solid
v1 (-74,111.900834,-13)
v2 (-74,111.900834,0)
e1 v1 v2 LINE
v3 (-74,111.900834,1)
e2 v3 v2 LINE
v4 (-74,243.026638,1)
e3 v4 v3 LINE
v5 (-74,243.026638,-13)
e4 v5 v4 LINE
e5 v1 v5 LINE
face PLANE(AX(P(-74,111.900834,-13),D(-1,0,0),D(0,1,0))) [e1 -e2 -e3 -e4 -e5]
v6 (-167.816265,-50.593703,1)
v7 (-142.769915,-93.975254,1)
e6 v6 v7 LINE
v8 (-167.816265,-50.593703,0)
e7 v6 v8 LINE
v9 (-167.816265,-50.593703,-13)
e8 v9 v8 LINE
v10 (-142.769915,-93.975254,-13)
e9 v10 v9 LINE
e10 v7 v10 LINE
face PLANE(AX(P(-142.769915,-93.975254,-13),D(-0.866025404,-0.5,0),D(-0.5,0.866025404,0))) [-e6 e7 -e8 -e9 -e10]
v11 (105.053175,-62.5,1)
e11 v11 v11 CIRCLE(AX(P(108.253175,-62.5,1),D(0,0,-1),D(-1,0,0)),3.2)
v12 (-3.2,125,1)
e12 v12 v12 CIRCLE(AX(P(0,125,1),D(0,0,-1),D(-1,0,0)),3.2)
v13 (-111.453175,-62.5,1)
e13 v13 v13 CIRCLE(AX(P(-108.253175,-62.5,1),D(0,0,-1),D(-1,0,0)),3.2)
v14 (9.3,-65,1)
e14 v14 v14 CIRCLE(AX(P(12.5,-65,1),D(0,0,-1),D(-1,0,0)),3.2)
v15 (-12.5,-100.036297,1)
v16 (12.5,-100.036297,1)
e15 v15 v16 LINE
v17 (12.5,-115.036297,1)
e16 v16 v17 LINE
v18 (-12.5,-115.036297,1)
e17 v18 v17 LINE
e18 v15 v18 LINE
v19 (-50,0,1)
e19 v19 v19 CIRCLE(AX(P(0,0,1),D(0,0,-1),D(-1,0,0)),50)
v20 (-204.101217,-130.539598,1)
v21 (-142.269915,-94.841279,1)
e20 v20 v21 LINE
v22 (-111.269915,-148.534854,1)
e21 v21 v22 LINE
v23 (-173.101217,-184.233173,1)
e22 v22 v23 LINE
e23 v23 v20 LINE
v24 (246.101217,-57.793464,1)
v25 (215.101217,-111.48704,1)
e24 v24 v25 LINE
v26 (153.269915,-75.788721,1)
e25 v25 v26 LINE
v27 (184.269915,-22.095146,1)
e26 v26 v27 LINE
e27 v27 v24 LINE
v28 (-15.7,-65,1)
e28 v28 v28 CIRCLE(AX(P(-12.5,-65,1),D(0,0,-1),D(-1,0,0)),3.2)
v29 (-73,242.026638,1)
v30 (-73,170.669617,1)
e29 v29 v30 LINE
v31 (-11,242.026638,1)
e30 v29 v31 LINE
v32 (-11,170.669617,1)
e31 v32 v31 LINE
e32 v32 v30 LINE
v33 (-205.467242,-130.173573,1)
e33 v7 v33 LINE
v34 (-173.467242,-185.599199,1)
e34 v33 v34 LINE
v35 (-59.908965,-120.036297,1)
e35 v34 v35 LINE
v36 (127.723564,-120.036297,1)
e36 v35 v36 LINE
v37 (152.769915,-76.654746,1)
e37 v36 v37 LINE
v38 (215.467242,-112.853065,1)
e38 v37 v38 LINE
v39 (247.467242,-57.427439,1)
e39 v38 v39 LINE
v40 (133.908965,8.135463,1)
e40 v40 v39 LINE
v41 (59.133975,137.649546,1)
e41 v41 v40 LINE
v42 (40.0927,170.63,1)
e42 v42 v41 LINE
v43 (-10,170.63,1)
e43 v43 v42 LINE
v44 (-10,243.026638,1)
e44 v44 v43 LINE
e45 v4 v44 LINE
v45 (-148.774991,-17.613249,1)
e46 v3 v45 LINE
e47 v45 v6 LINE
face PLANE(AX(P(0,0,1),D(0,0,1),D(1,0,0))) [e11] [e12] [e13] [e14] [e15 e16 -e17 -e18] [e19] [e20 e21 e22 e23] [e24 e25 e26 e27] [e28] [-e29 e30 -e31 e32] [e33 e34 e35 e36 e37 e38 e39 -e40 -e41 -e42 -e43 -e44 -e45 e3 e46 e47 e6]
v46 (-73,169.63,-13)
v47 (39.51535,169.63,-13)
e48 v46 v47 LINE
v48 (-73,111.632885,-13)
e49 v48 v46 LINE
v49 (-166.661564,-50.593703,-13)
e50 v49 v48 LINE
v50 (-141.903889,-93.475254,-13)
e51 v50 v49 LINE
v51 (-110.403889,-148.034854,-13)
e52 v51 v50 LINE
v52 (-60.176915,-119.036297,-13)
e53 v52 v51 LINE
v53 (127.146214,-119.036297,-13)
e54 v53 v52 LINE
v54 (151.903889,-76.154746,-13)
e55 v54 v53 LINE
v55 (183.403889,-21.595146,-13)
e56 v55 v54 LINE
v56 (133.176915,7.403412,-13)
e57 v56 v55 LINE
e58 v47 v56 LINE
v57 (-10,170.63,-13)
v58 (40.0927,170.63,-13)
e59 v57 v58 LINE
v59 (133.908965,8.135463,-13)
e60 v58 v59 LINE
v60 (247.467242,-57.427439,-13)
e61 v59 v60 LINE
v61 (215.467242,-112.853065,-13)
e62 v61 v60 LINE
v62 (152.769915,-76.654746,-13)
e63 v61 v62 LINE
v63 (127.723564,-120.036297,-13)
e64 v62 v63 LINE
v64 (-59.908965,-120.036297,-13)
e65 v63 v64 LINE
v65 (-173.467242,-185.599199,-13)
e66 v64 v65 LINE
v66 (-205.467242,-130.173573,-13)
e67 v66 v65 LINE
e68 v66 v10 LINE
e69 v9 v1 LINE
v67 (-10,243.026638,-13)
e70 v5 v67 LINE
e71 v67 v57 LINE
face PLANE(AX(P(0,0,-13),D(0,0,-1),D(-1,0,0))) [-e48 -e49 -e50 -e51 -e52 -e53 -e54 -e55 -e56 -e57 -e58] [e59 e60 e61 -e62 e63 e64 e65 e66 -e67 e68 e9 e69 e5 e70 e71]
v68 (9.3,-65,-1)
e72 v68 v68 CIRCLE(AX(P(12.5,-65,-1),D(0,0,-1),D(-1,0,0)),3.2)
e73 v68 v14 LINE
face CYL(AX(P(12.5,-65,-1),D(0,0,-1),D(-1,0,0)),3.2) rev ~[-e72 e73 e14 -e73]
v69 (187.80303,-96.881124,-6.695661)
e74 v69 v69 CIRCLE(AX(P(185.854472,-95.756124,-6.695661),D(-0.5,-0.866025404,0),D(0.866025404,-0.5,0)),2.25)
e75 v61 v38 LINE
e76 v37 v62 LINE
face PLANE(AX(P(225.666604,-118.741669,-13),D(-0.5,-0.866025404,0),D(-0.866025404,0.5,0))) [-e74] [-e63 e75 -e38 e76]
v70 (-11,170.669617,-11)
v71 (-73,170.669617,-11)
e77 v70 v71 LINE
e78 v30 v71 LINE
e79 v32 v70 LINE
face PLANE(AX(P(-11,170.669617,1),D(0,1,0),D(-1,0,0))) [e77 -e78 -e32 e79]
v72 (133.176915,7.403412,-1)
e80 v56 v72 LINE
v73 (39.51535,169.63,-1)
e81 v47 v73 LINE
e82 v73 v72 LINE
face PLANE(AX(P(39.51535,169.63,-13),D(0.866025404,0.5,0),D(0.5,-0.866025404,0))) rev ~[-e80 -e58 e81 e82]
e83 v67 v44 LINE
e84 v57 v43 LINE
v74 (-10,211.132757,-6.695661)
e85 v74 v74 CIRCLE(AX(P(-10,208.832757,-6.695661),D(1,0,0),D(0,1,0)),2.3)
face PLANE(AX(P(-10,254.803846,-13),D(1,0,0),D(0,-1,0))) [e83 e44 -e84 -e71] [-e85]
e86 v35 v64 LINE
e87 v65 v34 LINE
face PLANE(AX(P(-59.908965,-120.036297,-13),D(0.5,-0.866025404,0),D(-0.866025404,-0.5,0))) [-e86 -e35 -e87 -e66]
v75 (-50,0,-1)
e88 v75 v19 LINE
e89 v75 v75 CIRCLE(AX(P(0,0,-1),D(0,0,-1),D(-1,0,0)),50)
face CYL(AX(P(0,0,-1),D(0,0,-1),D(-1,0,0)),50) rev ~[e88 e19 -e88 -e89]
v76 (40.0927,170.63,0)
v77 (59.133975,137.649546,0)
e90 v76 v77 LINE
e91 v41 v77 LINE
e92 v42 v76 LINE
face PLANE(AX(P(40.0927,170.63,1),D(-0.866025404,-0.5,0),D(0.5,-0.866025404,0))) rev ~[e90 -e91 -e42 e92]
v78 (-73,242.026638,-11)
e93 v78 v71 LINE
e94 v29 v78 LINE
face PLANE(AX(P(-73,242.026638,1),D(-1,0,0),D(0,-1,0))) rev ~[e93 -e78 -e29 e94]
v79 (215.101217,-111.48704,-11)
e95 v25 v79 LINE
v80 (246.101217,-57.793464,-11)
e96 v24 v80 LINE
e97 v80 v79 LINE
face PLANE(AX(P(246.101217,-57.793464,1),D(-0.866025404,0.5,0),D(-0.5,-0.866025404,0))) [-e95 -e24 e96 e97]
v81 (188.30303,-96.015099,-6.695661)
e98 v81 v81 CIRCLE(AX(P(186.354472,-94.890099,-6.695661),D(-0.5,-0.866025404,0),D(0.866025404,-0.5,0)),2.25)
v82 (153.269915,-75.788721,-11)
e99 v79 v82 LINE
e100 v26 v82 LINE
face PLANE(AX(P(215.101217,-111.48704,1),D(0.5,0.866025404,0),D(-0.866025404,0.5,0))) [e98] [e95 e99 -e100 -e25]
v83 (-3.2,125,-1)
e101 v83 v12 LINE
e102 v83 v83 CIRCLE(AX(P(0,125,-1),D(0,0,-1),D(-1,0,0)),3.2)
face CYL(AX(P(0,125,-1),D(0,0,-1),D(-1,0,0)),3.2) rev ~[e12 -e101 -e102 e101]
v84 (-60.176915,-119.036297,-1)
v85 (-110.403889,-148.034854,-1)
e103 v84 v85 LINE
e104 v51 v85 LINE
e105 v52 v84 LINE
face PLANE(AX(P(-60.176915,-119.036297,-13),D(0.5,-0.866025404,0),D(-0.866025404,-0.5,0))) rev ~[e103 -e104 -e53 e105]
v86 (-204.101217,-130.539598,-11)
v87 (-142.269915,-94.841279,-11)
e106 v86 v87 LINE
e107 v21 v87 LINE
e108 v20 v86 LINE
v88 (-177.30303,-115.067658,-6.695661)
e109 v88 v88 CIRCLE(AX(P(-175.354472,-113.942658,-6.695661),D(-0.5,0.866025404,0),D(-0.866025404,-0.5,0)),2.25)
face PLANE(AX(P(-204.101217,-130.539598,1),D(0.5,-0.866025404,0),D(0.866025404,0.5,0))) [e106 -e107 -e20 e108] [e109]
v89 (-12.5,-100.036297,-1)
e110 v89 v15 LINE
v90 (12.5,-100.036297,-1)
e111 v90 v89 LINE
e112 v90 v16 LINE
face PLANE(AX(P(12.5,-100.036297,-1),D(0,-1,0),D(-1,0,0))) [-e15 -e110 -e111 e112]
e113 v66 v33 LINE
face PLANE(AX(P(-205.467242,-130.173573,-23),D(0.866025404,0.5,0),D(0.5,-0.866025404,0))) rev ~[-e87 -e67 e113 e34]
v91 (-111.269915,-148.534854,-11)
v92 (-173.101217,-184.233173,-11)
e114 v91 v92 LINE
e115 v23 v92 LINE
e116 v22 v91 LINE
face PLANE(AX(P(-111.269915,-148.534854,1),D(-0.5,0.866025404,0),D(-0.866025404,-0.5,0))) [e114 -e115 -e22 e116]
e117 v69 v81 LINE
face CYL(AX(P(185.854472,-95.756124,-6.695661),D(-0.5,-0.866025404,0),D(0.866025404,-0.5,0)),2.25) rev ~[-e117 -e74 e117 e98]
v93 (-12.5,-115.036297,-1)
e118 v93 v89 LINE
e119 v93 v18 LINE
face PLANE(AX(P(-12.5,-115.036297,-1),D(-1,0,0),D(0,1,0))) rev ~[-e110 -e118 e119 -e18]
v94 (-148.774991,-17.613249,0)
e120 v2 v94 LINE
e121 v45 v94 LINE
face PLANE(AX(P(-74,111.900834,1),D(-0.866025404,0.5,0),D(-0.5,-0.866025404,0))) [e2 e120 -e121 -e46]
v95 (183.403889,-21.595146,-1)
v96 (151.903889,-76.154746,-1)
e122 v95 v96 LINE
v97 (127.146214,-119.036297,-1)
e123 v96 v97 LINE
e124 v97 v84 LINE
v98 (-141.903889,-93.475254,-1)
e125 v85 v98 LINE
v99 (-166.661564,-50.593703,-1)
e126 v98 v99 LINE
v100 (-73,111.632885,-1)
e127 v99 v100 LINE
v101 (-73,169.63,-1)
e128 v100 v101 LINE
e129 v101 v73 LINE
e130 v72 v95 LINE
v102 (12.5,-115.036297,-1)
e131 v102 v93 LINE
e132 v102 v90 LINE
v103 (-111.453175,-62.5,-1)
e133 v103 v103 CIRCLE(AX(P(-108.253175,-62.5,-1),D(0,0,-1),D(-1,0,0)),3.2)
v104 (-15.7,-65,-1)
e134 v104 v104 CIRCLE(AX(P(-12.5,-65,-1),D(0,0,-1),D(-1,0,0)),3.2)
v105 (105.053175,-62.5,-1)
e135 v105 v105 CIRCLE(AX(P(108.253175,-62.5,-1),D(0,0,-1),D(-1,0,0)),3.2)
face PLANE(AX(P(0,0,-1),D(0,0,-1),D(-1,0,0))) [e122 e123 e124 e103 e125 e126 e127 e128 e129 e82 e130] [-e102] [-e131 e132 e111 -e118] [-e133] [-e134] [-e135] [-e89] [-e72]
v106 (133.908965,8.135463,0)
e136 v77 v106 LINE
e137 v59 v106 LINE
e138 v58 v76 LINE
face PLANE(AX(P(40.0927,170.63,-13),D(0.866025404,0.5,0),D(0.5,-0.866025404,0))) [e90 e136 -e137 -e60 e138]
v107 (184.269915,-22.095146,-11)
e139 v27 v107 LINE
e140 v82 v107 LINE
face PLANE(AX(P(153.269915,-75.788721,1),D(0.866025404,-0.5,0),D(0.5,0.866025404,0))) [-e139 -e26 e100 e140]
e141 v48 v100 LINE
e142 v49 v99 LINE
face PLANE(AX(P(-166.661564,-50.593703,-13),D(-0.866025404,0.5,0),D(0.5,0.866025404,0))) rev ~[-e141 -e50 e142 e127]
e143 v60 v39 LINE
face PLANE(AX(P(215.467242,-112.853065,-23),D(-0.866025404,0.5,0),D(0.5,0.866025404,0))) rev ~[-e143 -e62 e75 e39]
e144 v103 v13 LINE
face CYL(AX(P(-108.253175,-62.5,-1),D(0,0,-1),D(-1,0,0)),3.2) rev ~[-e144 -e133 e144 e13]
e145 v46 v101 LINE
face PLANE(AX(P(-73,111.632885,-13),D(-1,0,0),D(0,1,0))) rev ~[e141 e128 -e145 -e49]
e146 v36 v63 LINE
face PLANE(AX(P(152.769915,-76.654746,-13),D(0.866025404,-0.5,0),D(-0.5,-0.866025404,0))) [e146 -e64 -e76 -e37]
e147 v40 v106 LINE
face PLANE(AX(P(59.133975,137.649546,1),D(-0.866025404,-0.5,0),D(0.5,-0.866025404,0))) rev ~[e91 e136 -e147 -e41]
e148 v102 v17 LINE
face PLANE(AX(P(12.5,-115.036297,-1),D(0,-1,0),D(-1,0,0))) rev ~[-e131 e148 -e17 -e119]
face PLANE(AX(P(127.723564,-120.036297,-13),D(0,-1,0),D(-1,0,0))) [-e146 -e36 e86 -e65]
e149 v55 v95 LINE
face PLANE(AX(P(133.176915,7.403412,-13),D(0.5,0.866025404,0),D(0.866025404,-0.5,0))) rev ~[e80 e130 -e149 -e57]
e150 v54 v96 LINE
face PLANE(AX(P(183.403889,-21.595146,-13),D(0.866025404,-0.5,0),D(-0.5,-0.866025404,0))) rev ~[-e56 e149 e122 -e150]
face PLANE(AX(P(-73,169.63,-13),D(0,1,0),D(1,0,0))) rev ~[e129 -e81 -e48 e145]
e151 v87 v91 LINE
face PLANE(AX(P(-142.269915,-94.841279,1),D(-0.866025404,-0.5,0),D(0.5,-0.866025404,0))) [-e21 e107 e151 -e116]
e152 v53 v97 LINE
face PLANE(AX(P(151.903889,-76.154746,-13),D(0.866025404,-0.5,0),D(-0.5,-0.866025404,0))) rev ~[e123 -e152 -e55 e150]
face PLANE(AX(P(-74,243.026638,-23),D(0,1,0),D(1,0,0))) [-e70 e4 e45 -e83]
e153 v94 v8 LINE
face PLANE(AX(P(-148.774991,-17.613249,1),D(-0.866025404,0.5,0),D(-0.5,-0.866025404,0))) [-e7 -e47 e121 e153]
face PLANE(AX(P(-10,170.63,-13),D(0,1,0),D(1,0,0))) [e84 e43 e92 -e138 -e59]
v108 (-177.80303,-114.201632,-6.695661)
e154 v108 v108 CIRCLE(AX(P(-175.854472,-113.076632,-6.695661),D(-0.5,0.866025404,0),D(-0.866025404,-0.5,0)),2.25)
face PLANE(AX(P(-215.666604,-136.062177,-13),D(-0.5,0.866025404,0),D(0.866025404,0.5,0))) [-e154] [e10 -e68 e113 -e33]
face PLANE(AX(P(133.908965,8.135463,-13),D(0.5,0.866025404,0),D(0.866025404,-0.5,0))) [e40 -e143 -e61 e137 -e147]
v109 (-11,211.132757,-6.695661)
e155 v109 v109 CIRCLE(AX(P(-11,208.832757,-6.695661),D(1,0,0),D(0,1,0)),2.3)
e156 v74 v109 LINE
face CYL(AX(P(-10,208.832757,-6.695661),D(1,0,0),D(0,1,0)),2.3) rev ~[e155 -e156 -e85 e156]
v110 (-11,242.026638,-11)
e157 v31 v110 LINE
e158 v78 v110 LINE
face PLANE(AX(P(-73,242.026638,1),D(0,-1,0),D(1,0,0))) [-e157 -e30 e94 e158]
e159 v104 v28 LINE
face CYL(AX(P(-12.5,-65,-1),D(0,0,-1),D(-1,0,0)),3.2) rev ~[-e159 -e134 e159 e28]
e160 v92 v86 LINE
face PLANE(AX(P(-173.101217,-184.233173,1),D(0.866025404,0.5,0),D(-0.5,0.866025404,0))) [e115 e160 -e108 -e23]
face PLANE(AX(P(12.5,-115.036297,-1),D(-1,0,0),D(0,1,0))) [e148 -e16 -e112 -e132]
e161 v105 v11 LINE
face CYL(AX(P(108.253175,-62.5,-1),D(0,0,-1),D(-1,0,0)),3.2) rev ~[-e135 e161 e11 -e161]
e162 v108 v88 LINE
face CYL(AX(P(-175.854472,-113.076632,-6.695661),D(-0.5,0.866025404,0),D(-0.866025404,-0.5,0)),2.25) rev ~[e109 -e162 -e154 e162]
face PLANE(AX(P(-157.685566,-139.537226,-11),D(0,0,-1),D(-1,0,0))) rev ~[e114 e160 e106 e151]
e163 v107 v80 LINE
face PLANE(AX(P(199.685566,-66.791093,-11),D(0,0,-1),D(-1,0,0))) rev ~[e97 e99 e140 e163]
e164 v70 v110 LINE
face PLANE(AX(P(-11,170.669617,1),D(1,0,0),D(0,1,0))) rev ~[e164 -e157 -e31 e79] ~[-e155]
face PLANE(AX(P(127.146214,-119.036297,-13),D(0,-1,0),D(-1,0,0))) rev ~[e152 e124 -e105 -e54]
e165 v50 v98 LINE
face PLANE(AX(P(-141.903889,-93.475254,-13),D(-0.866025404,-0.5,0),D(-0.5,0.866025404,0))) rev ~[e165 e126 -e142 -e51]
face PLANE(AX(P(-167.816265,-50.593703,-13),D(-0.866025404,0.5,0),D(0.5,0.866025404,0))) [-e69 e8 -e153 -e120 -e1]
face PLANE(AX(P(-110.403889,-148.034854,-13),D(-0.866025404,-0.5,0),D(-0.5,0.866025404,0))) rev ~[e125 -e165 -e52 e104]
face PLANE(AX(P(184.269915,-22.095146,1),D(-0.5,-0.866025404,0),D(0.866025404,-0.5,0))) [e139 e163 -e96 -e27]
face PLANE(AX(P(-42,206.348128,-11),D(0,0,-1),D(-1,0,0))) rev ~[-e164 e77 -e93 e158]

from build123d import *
from build123d.topology import SkipClean

# Parameters (mm, degrees)
SKETCH_1_R           = 255
EXTRUDE_1_DEPTH      = 1
CUT_EXTRUDE_1_DEPTH  = 361.625844886
EXTRUDE_START        = 13
EXTRUDE_3_DEPTH      = 13
CUT_EXTRUDE_6_DEPTH  = 12
SKETCH_9_R           = 50
CUT_EXTRUDE_7_DEPTH  = 14
CUT_EXTRUDE_START    = -24
CUT_EXTRUDE_8_DEPTH  = 24
CUT_EXTRUDE_9_DEPTH  = 12
SKETCH_12_R          = 3.2
CUT_EXTRUDE_10_DEPTH = 10
SKETCH_13_R          = 3.2
CUT_EXTRUDE_11_DEPTH = 10
SKETCH_14_R          = 2.25
CUT_EXTRUDE_12_DEPTH = 10
SKETCH_16_R          = 2.3
CUT_EXTRUDE_13_DEPTH = 10
SKETCH_15_R          = 2.25
CUT_EXTRUDE_14_DEPTH = 10
SKETCH_17_W          = 25
SKETCH_17_H          = 15
CUT_EXTRUDE_15_DEPTH = 4.5


with BuildPart() as part:
    # 草图1 → 拉伸1 (new body)
    with BuildSketch(Plane.XY):
        Circle(SKETCH_1_R)
    extrude(amount=EXTRUDE_1_DEPTH)

    # 草图2 → 切除-拉伸1 (cut, through all)
    with BuildSketch(Plane.XY.offset(1)):
        with BuildLine():
            Line((-74, 244.02663789), (-74, 111.900834456))
            Line((-74, 111.900834456), (-148.774990748, -17.613248654))
            Line((-148.774990748, -17.613248654), (-167.81626488, -50.593702892))
            Line((-167.81626488, -50.593702892), (-142.769914648, -93.975254038))
            Line((-142.769914648, -93.975254038), (-215.666603726, -136.0621771))
            ThreePointArc((-215.666603726, -136.0621771), (-238.942591743, 89.058620308), (-74, 244.02663789))
        make_face()
        with BuildLine():
            Line((133.908965344, 8.135462652), (248.333267613, -57.927439065))
            ThreePointArc((248.333267613, -57.927439065), (196.598323484, 162.401044341), (-10, 254.803846125))
            Line((-10, 254.803846125), (-10, 170.63))
            Line((-10, 170.63), (40.092700464, 170.63))
            Line((40.092700464, 170.63), (59.133974596, 137.649545762))
            Line((59.133974596, 137.649545762), (133.908965344, 8.135462652))
        make_face()
        with BuildLine():
            Line((-174.333267613, -186.099198825), (-59.908965344, -120.036297108))
            Line((-59.908965344, -120.036297108), (89.641016151, -120.036297108))
            Line((89.641016151, -120.036297108), (127.723564416, -120.036297108))
            Line((127.723564416, -120.036297108), (152.769914648, -76.654745962))
            Line((152.769914648, -76.654745962), (225.666603726, -118.741669025))
            ThreePointArc((225.666603726, -118.741669025), (42.344268258, -251.45966465), (-174.333267613, -186.099198825))
        make_face()
    extrude(amount=-CUT_EXTRUDE_1_DEPTH, mode=Mode.SUBTRACT)

    # 草图7 → 拉伸3 (add)
    with BuildSketch(Plane(origin=(0, 0, 0), x_dir=(-1, 0, 0), z_dir=(0, 0, -1)).offset(EXTRUDE_START)):
        with BuildLine():
            Line((-133.908965344, 8.135462652), (-248.333267613, -57.927439065))
            ThreePointArc((-248.333267613, -57.927439065), (-238.942591743, -89.058620308), (-225.666603726, -118.741669025))
            Line((-225.666603726, -118.741669025), (-152.769914648, -76.654745962))
            Line((-152.769914648, -76.654745962), (-127.723564416, -120.036297108))
            Line((-127.723564416, -120.036297108), (59.908965344, -120.036297108))
            Line((59.908965344, -120.036297108), (174.333267613, -186.099198825))
            ThreePointArc((174.333267613, -186.099198825), (196.598323484, -162.401044341), (215.666603726, -136.0621771))
            Line((215.666603726, -136.0621771), (142.769914648, -93.975254038))
            Line((142.769914648, -93.975254038), (167.81626488, -50.593702892))
            Line((167.81626488, -50.593702892), (74, 111.900834456))
            Line((74, 111.900834456), (74, 244.02663789))
            ThreePointArc((74, 244.02663789), (42.344268258, 251.45966465), (10, 254.803846125))
            Line((10, 254.803846125), (10, 170.63))
            Line((10, 170.63), (-40.092700464, 170.63))
            Line((-40.092700464, 170.63), (-133.908965344, 8.135462652))
        make_face()
    extrude(amount=-EXTRUDE_3_DEPTH)

    # 草图8 → 切除-拉伸6 (cut)
    with SkipClean():  # the faces are left unmerged after this step: merging them gives an invalid solid
        with BuildSketch(Plane(origin=(0, 0, -13), x_dir=(-1, 0, 0), z_dir=(0, 0, -1))):
            Polygon((-39.515350195, 169.63), (-133.176914536, 7.403411844), (-183.403889244, -21.595145524), (-151.903889244, -76.154745962), (-127.146214147, -119.036297108), (60.176914536, -119.036297108), (110.403889244, -148.034854476), (141.903889244, -93.475254038), (166.661564341, -50.593702892), (73, 111.632885264), (73, 169.63), (10, 169.63), align=None)
        extrude(amount=-CUT_EXTRUDE_6_DEPTH, mode=Mode.SUBTRACT)

    # 草图9 → 切除-拉伸7 (cut)
    with SkipClean():  # the faces are left unmerged after this step: merging them gives an invalid solid
        with BuildSketch(Plane(origin=(0, 0, -1), x_dir=(-1, 0, 0), z_dir=(0, 0, -1))):
            Circle(SKETCH_9_R)
        extrude(amount=-CUT_EXTRUDE_7_DEPTH, mode=Mode.SUBTRACT)

    # 草图10 → 切除-拉伸8 (cut)
    with BuildSketch(Plane.XY.offset(1).offset(CUT_EXTRUDE_START)):
        with BuildLine():
            Line((225.666603726, -118.741669025), (215.467242209, -112.853064907))
            Line((215.467242209, -112.853064907), (247.467242209, -57.427439065))
            Line((247.467242209, -57.427439065), (248.333267613, -57.927439065))
            ThreePointArc((248.333267613, -57.927439065), (238.942591743, -89.058620308), (225.666603726, -118.741669025))
        make_face()
        with BuildLine():
            Line((-74, 243.02663789), (-10, 243.02663789))
            Line((-10, 243.02663789), (-10, 254.803846125))
            ThreePointArc((-10, 254.803846125), (-42.344268258, 251.45966465), (-74, 244.02663789))
            Line((-74, 244.02663789), (-74, 243.02663789))
        make_face()
        with BuildLine():
            Line((-215.666603726, -136.0621771), (-205.467242209, -130.173572983))
            Line((-205.467242209, -130.173572983), (-173.467242209, -185.599198825))
            Line((-173.467242209, -185.599198825), (-174.333267613, -186.099198825))
            ThreePointArc((-174.333267613, -186.099198825), (-196.598323484, -162.401044341), (-215.666603726, -136.0621771))
        make_face()
    extrude(amount=CUT_EXTRUDE_8_DEPTH, mode=Mode.SUBTRACT)

    # 草图11 → 切除-拉伸9 (cut)
    with BuildSketch(Plane.XY.offset(1)):
        Polygon((-11, 170.669617313), (-73, 170.669617313), (-73, 171.63), (-73, 242.02663789), (-11, 242.02663789), (-11, 171.63), align=None)
        Polygon((153.269914648, -75.788720558), (184.269914648, -22.095145524), (246.101216805, -57.793464469), (215.101216805, -111.487039503), align=None)
        Polygon((-173.101216805, -184.233173421), (-204.101216805, -130.539598387), (-142.269914648, -94.841279442), (-111.269914648, -148.534854476), align=None)
    extrude(amount=-CUT_EXTRUDE_9_DEPTH, mode=Mode.SUBTRACT)

    # 草图12 → 切除-拉伸10 (cut)
    with BuildSketch(Plane(origin=(0, 0, -1), x_dir=(-1, 0, 0), z_dir=(0, 0, -1))):
        with Locations((-12.5, -65)):
            Circle(SKETCH_12_R)
        with Locations((12.5, -65)):
            Circle(SKETCH_12_R)
    extrude(amount=-CUT_EXTRUDE_10_DEPTH, mode=Mode.SUBTRACT)

    # 草图13 → 切除-拉伸11 (cut)
    with BuildSketch(Plane(origin=(0, 0, -1), x_dir=(-1, 0, 0), z_dir=(0, 0, -1))):
        with Locations((0, 125)):
            Circle(SKETCH_13_R)
        with Locations((108.253175473, -62.5)):
            Circle(SKETCH_13_R)
        with Locations((-108.253175473, -62.5)):
            Circle(SKETCH_13_R)
    extrude(amount=-CUT_EXTRUDE_11_DEPTH, mode=Mode.SUBTRACT)

    # 草图14 → 切除-拉伸12 (cut)
    with BuildSketch(Plane(origin=(5, -8.660254038, 0), x_dir=(-0.8660254037844386, -0.5000000000000001, 0), z_dir=(-0.5000000000000001, 0.8660254037844386, 0))):
        with Locations((208.832756681, -6.69566134)):
            Circle(SKETCH_14_R)
    extrude(amount=-CUT_EXTRUDE_12_DEPTH, mode=Mode.SUBTRACT)

    # 草图16 → 切除-拉伸13 (cut)
    with BuildSketch(Plane(origin=(-10, 0, 0), x_dir=(0, 0, -1), z_dir=(1, 0, 0))):
        with Locations(Location((6.69566134, 208.832756681, 0), (0, 0, 90))):
            Circle(SKETCH_16_R)
    extrude(amount=-CUT_EXTRUDE_13_DEPTH, mode=Mode.SUBTRACT)

    # 草图15 → 切除-拉伸14 (cut)
    with BuildSketch(Plane(origin=(5, 8.660254038, 0), x_dir=(0.8660254037844386, -0.5, 0), z_dir=(-0.5000000000000001, -0.8660254037844387, 0))):
        with Locations((208.832756681, -6.69566134)):
            Circle(SKETCH_15_R)
    extrude(amount=-CUT_EXTRUDE_14_DEPTH, mode=Mode.SUBTRACT)

    # 草图17 → 切除-拉伸15 (cut)
    with BuildSketch(Plane(origin=(0, 0, -1), x_dir=(-1, 0, 0), z_dir=(0, 0, -1))):
        with Locations((0, -107.536297108)):
            Rectangle(SKETCH_17_W, SKETCH_17_H)
    extrude(amount=-CUT_EXTRUDE_15_DEPTH, mode=Mode.SUBTRACT)


solid = part.part
